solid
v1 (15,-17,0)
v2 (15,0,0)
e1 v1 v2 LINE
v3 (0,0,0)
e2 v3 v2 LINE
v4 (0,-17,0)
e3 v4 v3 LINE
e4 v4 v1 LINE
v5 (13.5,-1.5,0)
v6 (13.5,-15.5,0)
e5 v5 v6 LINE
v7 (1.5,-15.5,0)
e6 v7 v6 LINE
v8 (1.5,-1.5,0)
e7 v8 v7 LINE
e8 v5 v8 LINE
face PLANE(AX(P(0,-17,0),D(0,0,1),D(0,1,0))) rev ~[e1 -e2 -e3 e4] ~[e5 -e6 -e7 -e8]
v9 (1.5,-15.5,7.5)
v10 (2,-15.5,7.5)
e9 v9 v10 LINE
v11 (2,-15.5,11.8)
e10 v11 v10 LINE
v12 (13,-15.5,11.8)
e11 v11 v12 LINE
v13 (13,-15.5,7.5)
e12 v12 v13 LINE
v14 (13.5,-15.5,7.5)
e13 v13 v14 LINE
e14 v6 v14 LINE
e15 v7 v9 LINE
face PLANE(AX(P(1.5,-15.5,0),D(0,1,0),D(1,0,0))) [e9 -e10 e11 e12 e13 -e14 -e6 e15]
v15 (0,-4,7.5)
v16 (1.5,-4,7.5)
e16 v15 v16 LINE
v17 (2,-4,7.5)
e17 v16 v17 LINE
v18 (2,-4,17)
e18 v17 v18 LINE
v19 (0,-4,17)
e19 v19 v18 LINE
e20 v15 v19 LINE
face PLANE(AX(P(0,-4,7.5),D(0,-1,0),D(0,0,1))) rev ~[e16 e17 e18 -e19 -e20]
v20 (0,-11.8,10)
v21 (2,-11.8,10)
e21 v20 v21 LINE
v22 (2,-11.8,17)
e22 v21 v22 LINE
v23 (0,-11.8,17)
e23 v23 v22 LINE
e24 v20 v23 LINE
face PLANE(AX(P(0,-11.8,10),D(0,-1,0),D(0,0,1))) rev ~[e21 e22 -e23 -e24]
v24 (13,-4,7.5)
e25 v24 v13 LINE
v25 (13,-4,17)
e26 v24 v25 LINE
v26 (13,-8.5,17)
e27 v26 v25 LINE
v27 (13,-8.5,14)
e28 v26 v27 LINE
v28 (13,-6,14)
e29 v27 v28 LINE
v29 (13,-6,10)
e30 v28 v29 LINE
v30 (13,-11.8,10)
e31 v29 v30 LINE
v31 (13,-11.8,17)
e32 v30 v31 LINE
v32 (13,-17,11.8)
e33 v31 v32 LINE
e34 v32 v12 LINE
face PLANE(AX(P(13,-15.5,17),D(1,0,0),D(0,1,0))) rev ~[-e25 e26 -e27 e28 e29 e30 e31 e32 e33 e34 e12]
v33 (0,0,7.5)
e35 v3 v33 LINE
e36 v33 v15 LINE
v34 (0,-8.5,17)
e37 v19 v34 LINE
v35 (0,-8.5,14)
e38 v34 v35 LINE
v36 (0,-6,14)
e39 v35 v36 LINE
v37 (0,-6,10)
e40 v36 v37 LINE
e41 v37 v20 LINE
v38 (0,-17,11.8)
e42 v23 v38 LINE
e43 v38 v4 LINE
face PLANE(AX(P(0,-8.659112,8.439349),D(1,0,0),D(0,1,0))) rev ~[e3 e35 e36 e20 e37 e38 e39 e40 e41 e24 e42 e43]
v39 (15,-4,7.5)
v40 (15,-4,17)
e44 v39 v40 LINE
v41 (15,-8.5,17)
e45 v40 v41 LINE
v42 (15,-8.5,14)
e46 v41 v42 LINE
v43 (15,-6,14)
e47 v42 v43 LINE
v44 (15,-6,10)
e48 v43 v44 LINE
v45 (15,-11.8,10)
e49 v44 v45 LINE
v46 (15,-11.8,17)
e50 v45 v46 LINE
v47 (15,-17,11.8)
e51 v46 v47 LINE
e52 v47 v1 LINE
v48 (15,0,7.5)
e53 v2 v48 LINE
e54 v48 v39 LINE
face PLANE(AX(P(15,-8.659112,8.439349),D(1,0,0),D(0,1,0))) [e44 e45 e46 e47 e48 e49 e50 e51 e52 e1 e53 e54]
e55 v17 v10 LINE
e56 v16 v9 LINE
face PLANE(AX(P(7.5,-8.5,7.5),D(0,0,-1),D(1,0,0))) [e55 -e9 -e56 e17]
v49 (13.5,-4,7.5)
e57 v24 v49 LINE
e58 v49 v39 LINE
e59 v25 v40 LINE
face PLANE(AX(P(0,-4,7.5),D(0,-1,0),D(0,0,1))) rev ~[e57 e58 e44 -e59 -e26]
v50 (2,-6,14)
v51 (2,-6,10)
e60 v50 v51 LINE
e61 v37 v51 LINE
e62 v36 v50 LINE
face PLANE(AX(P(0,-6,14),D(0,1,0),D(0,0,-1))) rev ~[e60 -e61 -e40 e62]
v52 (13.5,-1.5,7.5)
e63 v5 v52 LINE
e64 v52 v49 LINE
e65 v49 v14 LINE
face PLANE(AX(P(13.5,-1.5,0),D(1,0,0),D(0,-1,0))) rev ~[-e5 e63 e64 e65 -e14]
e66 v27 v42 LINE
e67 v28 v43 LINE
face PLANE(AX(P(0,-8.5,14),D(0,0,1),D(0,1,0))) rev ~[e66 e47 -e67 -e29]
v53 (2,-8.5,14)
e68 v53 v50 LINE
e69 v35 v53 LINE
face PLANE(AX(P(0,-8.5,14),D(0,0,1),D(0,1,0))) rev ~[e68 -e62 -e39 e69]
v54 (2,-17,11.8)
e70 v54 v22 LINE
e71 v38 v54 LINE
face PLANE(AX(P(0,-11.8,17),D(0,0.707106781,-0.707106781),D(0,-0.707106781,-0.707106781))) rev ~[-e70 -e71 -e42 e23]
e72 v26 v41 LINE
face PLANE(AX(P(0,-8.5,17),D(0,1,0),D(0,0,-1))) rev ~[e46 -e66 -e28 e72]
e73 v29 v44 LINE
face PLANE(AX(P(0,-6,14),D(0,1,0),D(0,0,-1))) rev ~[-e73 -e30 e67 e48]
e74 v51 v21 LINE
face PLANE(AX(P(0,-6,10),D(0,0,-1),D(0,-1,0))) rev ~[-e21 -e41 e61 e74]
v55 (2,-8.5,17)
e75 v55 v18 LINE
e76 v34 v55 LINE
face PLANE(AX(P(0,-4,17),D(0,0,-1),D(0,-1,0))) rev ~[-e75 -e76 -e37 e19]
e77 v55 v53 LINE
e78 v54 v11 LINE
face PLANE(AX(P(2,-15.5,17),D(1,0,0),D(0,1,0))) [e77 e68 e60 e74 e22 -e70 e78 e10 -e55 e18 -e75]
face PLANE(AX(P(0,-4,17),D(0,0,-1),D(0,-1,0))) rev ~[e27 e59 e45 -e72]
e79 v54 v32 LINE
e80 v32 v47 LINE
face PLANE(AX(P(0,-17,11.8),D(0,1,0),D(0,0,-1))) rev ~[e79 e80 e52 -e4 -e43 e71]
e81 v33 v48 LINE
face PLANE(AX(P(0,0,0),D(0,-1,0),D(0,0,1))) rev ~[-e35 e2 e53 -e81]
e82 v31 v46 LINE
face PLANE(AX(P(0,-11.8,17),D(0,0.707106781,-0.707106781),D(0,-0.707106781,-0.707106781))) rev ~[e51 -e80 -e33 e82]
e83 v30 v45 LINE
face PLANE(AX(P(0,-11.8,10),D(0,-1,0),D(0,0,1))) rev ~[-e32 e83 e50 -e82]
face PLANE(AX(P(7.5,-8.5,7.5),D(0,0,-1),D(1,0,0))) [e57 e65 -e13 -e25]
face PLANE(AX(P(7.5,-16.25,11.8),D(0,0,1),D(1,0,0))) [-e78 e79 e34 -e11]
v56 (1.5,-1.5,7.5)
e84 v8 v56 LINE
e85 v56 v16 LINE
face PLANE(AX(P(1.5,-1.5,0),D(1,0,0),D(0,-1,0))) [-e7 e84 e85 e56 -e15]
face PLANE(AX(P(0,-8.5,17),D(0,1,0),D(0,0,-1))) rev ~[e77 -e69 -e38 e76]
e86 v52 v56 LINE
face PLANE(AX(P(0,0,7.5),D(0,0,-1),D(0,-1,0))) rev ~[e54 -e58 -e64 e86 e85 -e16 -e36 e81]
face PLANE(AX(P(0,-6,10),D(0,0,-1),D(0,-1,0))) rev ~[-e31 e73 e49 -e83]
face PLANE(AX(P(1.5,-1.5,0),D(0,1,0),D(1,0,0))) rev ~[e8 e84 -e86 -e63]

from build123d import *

# Parameters (mm, degrees)
F1_DEPTH = 15
F2_W     = 12
F2_H     = 14
F3_DEPTH = 7.5
F4_W     = 11
F4_H     = 14
F5_DEPTH = 17
F6_W     = 11
F6_H     = 1.5
F7_DEPTH = 5.2


with BuildPart() as f1:
    # F0 (on Right) → F1 (new body)
    with BuildSketch(Plane.YZ):
        Polygon((-17, 0), (0, 0), (0, 7.5), (-4, 7.5), (-4, 17), (-8.5, 17), (-8.5, 14), (-6, 14), (-6, 10), (-11.8, 10), (-11.8, 17), (-17, 11.8), align=None)
    extrude(amount=F1_DEPTH)

    # F2 (on face) → F3 (cut)
    with BuildSketch(Plane(origin=(0, 0, 0), x_dir=(1, 0, 0), z_dir=(0, 0, -1))):
        with Locations((7.5, 8.5)):
            Rectangle(F2_W, F2_H)
    extrude(amount=-F3_DEPTH, mode=Mode.SUBTRACT)

    # F4 (on face) → F5 (cut)
    with BuildSketch(Plane.XY.offset(17)):
        with Locations((7.5, -8.5)):
            Rectangle(F4_W, F4_H)
    extrude(amount=-F5_DEPTH, mode=Mode.SUBTRACT)

    # F6 (on face) → F7 (cut)
    with BuildSketch(Plane.XY.offset(17)):
        with Locations((7.5, -16.25)):
            Rectangle(F6_W, F6_H)
    extrude(amount=-F7_DEPTH, mode=Mode.SUBTRACT)


solid = f1.part
